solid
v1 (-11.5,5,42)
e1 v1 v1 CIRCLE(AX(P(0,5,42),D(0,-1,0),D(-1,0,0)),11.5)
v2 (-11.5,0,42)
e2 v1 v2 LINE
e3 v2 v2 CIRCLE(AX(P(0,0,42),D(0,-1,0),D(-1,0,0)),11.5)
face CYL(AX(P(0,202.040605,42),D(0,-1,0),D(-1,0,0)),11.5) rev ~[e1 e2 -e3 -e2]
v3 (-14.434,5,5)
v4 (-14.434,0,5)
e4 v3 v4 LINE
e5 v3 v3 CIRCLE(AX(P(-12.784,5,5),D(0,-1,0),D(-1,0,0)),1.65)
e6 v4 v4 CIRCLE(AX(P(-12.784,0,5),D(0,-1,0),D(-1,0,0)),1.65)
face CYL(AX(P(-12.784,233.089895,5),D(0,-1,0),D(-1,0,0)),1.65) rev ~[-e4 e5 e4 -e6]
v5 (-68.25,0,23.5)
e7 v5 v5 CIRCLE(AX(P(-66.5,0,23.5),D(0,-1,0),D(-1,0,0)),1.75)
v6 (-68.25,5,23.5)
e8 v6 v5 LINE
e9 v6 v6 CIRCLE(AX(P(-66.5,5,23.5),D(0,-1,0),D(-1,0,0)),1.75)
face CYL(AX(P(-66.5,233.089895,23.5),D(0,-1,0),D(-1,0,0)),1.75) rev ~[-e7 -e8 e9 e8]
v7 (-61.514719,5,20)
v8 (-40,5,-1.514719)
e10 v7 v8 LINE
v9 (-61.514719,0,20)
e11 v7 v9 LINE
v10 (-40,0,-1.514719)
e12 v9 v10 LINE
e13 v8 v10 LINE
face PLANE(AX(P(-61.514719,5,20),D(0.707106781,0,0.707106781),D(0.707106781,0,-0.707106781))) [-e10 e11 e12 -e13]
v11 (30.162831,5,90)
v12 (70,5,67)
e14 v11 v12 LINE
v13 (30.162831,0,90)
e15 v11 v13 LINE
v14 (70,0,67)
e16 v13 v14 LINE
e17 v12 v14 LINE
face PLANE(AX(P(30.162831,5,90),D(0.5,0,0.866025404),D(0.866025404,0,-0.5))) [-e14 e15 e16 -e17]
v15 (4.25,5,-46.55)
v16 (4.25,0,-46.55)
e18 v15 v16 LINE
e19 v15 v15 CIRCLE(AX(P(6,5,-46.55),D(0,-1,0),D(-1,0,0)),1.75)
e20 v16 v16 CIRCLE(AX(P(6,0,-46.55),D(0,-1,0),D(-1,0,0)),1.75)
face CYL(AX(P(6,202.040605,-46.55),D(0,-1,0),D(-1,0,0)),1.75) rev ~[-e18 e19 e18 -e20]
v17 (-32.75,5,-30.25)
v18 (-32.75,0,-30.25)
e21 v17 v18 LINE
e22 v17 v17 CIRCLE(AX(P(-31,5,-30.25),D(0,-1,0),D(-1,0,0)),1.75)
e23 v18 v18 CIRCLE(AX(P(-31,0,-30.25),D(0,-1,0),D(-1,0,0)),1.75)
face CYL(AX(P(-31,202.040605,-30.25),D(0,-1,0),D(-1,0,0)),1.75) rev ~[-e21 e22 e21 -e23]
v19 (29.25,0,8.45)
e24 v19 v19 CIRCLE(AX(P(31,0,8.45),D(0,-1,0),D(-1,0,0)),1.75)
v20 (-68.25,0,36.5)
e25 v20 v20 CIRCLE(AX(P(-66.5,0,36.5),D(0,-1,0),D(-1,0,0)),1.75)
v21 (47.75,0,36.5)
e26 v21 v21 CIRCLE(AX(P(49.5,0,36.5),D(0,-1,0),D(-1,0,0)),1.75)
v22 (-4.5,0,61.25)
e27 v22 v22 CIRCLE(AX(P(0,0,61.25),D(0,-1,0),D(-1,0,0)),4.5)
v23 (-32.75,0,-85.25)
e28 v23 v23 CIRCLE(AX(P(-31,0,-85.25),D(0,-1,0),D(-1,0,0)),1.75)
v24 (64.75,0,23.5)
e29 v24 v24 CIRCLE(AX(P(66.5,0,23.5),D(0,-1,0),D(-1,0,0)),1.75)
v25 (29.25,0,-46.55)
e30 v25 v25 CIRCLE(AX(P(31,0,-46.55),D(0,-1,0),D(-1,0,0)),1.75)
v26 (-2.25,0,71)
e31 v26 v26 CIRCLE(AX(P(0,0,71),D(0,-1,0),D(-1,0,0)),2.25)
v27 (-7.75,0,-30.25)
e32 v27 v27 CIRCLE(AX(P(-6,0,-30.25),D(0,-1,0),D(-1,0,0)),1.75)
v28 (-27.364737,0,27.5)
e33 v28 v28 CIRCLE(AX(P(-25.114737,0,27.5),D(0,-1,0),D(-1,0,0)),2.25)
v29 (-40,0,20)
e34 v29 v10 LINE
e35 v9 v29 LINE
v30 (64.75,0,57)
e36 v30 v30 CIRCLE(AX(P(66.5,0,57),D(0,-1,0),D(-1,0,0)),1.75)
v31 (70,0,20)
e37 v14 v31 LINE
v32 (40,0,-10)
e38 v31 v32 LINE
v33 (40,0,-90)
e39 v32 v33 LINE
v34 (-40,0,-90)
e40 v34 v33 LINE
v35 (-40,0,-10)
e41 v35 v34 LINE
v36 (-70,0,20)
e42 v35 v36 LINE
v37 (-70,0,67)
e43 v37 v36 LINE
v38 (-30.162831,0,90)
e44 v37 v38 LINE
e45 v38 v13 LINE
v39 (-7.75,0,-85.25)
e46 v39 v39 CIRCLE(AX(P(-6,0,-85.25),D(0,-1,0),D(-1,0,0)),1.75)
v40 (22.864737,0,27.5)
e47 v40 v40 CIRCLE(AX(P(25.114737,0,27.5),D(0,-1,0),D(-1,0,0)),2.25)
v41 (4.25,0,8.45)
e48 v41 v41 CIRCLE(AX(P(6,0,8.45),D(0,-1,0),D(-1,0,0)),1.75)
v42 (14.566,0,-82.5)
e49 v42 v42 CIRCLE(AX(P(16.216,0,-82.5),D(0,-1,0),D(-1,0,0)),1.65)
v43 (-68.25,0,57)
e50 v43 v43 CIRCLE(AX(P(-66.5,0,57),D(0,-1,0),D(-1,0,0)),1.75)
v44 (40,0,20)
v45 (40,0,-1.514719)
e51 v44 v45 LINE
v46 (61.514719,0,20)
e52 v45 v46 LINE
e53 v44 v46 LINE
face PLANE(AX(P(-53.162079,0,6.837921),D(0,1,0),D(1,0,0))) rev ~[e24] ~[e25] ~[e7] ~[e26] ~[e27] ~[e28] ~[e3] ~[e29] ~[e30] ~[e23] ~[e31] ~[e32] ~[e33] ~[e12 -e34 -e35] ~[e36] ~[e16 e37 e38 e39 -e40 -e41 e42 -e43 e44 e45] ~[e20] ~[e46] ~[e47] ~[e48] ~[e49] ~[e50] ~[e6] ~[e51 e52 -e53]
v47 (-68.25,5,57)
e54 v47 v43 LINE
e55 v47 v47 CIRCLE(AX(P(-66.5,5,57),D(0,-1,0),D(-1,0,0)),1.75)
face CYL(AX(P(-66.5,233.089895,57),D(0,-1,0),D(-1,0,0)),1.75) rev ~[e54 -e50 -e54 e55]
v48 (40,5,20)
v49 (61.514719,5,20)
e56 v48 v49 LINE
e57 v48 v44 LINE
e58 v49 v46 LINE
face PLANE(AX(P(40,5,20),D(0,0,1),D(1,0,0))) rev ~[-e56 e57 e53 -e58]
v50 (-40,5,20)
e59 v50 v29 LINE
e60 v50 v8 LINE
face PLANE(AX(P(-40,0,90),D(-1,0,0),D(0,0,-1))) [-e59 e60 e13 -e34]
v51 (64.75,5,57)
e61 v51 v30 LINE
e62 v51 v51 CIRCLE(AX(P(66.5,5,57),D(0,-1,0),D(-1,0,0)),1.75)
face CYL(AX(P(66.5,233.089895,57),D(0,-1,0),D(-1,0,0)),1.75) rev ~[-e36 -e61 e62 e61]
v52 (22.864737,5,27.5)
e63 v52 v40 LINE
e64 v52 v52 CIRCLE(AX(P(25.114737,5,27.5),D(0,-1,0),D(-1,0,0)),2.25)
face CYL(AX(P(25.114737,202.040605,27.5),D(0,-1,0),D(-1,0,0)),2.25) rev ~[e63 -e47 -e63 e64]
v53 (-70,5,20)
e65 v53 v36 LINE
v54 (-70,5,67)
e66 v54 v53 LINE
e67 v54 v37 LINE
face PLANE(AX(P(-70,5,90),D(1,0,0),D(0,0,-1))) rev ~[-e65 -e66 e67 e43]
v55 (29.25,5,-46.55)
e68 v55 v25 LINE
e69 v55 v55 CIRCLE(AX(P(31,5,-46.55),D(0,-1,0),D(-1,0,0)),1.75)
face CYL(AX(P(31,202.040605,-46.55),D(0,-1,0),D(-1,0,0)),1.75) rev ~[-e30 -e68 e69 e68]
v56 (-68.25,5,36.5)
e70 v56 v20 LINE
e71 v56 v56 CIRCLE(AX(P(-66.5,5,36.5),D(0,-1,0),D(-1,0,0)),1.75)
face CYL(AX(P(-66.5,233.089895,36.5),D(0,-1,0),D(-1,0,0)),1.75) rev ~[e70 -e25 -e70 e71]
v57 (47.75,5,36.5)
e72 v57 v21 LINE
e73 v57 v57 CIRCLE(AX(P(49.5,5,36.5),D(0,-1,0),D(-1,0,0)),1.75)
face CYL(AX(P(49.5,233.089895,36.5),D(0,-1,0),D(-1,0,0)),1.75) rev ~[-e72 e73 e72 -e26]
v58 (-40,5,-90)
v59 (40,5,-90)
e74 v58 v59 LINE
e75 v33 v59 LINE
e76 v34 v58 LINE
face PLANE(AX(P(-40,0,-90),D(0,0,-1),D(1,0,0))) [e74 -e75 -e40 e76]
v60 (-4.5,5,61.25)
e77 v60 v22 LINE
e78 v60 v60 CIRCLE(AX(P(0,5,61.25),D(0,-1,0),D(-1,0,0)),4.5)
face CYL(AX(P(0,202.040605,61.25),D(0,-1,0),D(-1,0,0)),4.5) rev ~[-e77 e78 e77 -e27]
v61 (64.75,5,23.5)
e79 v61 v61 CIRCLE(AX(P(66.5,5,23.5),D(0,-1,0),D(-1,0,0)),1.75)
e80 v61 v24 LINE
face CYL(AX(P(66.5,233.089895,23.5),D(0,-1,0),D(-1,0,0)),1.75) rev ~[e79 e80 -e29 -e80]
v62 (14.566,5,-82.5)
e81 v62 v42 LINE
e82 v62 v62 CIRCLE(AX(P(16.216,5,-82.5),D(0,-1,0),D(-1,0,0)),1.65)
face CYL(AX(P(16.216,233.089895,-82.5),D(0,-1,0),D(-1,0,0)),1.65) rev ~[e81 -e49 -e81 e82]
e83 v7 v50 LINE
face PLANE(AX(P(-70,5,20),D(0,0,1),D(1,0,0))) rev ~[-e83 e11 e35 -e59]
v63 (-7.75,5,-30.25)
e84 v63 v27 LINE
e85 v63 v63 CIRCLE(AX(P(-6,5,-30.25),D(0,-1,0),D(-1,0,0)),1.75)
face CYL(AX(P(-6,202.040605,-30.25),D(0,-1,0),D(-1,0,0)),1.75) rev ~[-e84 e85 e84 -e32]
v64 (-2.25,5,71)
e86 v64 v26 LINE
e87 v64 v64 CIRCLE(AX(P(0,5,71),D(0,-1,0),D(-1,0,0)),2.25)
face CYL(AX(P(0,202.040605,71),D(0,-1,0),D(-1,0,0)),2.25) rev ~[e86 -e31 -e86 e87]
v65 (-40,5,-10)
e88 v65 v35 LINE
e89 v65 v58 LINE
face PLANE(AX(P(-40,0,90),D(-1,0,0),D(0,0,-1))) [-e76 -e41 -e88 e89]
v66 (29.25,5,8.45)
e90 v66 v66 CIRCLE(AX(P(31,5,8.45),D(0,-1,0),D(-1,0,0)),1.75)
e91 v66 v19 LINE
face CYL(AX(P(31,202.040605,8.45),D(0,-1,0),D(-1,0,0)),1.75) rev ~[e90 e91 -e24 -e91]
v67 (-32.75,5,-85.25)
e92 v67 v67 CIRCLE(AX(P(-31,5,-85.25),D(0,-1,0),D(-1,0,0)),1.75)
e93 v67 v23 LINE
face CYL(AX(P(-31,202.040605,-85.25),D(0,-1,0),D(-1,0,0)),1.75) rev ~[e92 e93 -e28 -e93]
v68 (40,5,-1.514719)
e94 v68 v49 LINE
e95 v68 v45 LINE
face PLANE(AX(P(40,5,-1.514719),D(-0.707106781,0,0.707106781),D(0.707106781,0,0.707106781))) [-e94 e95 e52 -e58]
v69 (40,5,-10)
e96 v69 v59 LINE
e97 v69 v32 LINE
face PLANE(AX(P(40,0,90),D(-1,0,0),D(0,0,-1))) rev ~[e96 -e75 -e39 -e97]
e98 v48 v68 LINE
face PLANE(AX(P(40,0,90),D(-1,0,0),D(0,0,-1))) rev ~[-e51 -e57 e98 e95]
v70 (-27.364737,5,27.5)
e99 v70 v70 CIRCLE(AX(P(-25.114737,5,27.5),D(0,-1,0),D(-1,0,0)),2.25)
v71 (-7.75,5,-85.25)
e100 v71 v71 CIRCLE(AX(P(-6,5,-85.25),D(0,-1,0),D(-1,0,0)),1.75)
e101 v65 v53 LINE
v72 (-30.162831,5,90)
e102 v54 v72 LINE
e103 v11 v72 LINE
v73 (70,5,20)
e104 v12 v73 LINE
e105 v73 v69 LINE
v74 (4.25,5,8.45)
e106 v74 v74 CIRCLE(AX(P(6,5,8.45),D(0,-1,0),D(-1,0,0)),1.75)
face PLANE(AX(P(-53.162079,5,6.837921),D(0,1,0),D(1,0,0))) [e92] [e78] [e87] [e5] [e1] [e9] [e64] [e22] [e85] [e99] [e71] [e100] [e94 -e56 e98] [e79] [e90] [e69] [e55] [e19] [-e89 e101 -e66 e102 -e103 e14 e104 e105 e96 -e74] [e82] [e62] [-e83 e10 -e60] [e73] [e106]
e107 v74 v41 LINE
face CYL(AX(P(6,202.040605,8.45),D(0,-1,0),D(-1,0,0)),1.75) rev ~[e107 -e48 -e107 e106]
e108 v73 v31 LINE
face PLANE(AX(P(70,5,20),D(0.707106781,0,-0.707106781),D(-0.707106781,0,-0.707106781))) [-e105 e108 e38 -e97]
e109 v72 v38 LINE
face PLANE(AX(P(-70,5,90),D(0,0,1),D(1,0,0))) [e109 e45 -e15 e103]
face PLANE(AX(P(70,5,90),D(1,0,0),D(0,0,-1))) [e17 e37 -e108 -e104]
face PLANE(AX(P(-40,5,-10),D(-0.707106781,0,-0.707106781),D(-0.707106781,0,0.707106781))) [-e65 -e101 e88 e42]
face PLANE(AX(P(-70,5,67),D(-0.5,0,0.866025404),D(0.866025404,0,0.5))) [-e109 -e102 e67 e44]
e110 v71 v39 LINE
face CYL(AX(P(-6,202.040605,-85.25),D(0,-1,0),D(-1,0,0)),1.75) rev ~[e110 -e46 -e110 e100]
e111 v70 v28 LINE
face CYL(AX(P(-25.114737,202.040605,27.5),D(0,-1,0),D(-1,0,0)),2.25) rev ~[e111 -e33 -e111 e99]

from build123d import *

# Parameters (mm, degrees)
SKETCH_1_W          = 80
SKETCH_1_H          = 180
EXTRUDE_1_DEPTH     = 5
HOLE_WIZARD_1_D     = 3.5
HOLE_WIZARD_2_D     = 4.5
HOLE_WIZARD_3_D     = 23
HOLE_WIZARD_4_D     = 9
SKETCH_13_W         = 30
SKETCH_13_H         = 70
EXTRUDE_2_DEPTH     = 5
EXTRUDE_3_DEPTH     = 5
HOLE_WIZARD_5_D     = 3.5
CUT_EXTRUDE_1_DEPTH = 5
HOLE_WIZARD_6_D     = 3.5
HOLE_WIZARD_7_D     = 3.5
HOLE_WIZARD_8_D     = 3.3
HOLE_WIZARD_9_D     = 3.5


with BuildPart() as part:
    # 草图1 → 凸台-拉伸1 (new body)
    with BuildSketch(Plane(origin=(0, 0, 0), x_dir=(1, 0, 0), z_dir=(0, 1, 0))):
        Rectangle(SKETCH_1_W, SKETCH_1_H)
    extrude(amount=EXTRUDE_1_DEPTH)

    # 孔1 (through all)
    with Locations(Plane(origin=(0, 5, 0), x_dir=(1, 0, 0), z_dir=(0, 1, 0))):
        with Locations((-31, 85.25), (-6, 85.25), (-6, 30.25), (-31, 30.25), (6, -8.45), (6, 46.55), (31, 46.55), (31, -8.45)):
            Hole(HOLE_WIZARD_1_D / 2)

    # 孔2 (through all)
    with Locations(Plane(origin=(0, 5, 0), x_dir=(1, 0, 0), z_dir=(0, 1, 0))):
        with Locations((0, -71), (25.11473671, -27.5), (-25.11473671, -27.5)):
            Hole(HOLE_WIZARD_2_D / 2)

    # 孔3 (through all)
    with Locations(Plane(origin=(0, 5, 0), x_dir=(1, 0, 0), z_dir=(0, 1, 0))):
        with Locations((0, -42)):
            Hole(HOLE_WIZARD_3_D / 2)

    # 孔4 (through all)
    with Locations(Plane(origin=(0, 5, 0), x_dir=(1, 0, 0), z_dir=(0, 1, 0))):
        with Locations((0, -61.25)):
            Hole(HOLE_WIZARD_4_D / 2)

    # 草图13 → 凸台-拉伸2 (add)
    with BuildSketch(Plane(origin=(0, 5, 0), x_dir=(1, 0, 0), z_dir=(0, 1, 0))):
        with Locations((-55, -55)):
            Rectangle(SKETCH_13_W, SKETCH_13_H)
        with Locations((55, -55)):
            Rectangle(SKETCH_13_W, SKETCH_13_H)
    extrude(amount=-EXTRUDE_2_DEPTH)

    # 草图15 → 凸台-拉伸3 (add)
    with BuildSketch(Plane(origin=(0, 5, 0), x_dir=(1, 0, 0), z_dir=(0, 1, 0))):
        Polygon((-40, 10), (-70, -20), (-61.514718626, -20), (-40, 1.514718626), align=None)
        Polygon((61.514718626, -20), (70, -20), (40, 10), (40, 1.514718626), align=None)
    extrude(amount=-EXTRUDE_3_DEPTH)

    # 孔5 (through all)
    with Locations(Plane(origin=(0, 5, 0), x_dir=(1, 0, 0), z_dir=(0, 1, 0))):
        with Locations((-66.5, -57), (66.5, -57)):
            Hole(HOLE_WIZARD_5_D / 2)

    # 草图19 → 切除-拉伸1 (cut)
    with BuildSketch(Plane(origin=(0, 5, 0), x_dir=(1, 0, 0), z_dir=(0, 1, 0))):
        Polygon((-70, -67), (-30.162831426, -90), (-70, -90), align=None)
        Polygon((30.162831426, -90), (70, -67), (70, -90), align=None)
    extrude(amount=-CUT_EXTRUDE_1_DEPTH, mode=Mode.SUBTRACT)

    # 孔6 (through all)
    with Locations(Plane(origin=(0, 5, 0), x_dir=(1, 0, 0), z_dir=(0, 1, 0))):
        with Locations((-66.5, -23.5), (66.5, -23.5)):
            Hole(HOLE_WIZARD_6_D / 2)

    # 孔7 (through all)
    with Locations(Plane(origin=(0, 5, 0), x_dir=(1, 0, 0), z_dir=(0, 1, 0))):
        with Locations((49.5, -36.5)):
            Hole(HOLE_WIZARD_7_D / 2)

    # 孔8 (through all)
    with Locations(Plane(origin=(0, 5, 0), x_dir=(1, 0, 0), z_dir=(0, 1, 0))):
        with Locations((-12.784, -5), (16.216, 82.5)):
            Hole(HOLE_WIZARD_8_D / 2)

    # 孔9 (through all)
    with Locations(Plane(origin=(0, 5, 0), x_dir=(1, 0, 0), z_dir=(0, 1, 0))):
        with Locations((-66.5, -36.5)):
            Hole(HOLE_WIZARD_9_D / 2)


solid = part.part
